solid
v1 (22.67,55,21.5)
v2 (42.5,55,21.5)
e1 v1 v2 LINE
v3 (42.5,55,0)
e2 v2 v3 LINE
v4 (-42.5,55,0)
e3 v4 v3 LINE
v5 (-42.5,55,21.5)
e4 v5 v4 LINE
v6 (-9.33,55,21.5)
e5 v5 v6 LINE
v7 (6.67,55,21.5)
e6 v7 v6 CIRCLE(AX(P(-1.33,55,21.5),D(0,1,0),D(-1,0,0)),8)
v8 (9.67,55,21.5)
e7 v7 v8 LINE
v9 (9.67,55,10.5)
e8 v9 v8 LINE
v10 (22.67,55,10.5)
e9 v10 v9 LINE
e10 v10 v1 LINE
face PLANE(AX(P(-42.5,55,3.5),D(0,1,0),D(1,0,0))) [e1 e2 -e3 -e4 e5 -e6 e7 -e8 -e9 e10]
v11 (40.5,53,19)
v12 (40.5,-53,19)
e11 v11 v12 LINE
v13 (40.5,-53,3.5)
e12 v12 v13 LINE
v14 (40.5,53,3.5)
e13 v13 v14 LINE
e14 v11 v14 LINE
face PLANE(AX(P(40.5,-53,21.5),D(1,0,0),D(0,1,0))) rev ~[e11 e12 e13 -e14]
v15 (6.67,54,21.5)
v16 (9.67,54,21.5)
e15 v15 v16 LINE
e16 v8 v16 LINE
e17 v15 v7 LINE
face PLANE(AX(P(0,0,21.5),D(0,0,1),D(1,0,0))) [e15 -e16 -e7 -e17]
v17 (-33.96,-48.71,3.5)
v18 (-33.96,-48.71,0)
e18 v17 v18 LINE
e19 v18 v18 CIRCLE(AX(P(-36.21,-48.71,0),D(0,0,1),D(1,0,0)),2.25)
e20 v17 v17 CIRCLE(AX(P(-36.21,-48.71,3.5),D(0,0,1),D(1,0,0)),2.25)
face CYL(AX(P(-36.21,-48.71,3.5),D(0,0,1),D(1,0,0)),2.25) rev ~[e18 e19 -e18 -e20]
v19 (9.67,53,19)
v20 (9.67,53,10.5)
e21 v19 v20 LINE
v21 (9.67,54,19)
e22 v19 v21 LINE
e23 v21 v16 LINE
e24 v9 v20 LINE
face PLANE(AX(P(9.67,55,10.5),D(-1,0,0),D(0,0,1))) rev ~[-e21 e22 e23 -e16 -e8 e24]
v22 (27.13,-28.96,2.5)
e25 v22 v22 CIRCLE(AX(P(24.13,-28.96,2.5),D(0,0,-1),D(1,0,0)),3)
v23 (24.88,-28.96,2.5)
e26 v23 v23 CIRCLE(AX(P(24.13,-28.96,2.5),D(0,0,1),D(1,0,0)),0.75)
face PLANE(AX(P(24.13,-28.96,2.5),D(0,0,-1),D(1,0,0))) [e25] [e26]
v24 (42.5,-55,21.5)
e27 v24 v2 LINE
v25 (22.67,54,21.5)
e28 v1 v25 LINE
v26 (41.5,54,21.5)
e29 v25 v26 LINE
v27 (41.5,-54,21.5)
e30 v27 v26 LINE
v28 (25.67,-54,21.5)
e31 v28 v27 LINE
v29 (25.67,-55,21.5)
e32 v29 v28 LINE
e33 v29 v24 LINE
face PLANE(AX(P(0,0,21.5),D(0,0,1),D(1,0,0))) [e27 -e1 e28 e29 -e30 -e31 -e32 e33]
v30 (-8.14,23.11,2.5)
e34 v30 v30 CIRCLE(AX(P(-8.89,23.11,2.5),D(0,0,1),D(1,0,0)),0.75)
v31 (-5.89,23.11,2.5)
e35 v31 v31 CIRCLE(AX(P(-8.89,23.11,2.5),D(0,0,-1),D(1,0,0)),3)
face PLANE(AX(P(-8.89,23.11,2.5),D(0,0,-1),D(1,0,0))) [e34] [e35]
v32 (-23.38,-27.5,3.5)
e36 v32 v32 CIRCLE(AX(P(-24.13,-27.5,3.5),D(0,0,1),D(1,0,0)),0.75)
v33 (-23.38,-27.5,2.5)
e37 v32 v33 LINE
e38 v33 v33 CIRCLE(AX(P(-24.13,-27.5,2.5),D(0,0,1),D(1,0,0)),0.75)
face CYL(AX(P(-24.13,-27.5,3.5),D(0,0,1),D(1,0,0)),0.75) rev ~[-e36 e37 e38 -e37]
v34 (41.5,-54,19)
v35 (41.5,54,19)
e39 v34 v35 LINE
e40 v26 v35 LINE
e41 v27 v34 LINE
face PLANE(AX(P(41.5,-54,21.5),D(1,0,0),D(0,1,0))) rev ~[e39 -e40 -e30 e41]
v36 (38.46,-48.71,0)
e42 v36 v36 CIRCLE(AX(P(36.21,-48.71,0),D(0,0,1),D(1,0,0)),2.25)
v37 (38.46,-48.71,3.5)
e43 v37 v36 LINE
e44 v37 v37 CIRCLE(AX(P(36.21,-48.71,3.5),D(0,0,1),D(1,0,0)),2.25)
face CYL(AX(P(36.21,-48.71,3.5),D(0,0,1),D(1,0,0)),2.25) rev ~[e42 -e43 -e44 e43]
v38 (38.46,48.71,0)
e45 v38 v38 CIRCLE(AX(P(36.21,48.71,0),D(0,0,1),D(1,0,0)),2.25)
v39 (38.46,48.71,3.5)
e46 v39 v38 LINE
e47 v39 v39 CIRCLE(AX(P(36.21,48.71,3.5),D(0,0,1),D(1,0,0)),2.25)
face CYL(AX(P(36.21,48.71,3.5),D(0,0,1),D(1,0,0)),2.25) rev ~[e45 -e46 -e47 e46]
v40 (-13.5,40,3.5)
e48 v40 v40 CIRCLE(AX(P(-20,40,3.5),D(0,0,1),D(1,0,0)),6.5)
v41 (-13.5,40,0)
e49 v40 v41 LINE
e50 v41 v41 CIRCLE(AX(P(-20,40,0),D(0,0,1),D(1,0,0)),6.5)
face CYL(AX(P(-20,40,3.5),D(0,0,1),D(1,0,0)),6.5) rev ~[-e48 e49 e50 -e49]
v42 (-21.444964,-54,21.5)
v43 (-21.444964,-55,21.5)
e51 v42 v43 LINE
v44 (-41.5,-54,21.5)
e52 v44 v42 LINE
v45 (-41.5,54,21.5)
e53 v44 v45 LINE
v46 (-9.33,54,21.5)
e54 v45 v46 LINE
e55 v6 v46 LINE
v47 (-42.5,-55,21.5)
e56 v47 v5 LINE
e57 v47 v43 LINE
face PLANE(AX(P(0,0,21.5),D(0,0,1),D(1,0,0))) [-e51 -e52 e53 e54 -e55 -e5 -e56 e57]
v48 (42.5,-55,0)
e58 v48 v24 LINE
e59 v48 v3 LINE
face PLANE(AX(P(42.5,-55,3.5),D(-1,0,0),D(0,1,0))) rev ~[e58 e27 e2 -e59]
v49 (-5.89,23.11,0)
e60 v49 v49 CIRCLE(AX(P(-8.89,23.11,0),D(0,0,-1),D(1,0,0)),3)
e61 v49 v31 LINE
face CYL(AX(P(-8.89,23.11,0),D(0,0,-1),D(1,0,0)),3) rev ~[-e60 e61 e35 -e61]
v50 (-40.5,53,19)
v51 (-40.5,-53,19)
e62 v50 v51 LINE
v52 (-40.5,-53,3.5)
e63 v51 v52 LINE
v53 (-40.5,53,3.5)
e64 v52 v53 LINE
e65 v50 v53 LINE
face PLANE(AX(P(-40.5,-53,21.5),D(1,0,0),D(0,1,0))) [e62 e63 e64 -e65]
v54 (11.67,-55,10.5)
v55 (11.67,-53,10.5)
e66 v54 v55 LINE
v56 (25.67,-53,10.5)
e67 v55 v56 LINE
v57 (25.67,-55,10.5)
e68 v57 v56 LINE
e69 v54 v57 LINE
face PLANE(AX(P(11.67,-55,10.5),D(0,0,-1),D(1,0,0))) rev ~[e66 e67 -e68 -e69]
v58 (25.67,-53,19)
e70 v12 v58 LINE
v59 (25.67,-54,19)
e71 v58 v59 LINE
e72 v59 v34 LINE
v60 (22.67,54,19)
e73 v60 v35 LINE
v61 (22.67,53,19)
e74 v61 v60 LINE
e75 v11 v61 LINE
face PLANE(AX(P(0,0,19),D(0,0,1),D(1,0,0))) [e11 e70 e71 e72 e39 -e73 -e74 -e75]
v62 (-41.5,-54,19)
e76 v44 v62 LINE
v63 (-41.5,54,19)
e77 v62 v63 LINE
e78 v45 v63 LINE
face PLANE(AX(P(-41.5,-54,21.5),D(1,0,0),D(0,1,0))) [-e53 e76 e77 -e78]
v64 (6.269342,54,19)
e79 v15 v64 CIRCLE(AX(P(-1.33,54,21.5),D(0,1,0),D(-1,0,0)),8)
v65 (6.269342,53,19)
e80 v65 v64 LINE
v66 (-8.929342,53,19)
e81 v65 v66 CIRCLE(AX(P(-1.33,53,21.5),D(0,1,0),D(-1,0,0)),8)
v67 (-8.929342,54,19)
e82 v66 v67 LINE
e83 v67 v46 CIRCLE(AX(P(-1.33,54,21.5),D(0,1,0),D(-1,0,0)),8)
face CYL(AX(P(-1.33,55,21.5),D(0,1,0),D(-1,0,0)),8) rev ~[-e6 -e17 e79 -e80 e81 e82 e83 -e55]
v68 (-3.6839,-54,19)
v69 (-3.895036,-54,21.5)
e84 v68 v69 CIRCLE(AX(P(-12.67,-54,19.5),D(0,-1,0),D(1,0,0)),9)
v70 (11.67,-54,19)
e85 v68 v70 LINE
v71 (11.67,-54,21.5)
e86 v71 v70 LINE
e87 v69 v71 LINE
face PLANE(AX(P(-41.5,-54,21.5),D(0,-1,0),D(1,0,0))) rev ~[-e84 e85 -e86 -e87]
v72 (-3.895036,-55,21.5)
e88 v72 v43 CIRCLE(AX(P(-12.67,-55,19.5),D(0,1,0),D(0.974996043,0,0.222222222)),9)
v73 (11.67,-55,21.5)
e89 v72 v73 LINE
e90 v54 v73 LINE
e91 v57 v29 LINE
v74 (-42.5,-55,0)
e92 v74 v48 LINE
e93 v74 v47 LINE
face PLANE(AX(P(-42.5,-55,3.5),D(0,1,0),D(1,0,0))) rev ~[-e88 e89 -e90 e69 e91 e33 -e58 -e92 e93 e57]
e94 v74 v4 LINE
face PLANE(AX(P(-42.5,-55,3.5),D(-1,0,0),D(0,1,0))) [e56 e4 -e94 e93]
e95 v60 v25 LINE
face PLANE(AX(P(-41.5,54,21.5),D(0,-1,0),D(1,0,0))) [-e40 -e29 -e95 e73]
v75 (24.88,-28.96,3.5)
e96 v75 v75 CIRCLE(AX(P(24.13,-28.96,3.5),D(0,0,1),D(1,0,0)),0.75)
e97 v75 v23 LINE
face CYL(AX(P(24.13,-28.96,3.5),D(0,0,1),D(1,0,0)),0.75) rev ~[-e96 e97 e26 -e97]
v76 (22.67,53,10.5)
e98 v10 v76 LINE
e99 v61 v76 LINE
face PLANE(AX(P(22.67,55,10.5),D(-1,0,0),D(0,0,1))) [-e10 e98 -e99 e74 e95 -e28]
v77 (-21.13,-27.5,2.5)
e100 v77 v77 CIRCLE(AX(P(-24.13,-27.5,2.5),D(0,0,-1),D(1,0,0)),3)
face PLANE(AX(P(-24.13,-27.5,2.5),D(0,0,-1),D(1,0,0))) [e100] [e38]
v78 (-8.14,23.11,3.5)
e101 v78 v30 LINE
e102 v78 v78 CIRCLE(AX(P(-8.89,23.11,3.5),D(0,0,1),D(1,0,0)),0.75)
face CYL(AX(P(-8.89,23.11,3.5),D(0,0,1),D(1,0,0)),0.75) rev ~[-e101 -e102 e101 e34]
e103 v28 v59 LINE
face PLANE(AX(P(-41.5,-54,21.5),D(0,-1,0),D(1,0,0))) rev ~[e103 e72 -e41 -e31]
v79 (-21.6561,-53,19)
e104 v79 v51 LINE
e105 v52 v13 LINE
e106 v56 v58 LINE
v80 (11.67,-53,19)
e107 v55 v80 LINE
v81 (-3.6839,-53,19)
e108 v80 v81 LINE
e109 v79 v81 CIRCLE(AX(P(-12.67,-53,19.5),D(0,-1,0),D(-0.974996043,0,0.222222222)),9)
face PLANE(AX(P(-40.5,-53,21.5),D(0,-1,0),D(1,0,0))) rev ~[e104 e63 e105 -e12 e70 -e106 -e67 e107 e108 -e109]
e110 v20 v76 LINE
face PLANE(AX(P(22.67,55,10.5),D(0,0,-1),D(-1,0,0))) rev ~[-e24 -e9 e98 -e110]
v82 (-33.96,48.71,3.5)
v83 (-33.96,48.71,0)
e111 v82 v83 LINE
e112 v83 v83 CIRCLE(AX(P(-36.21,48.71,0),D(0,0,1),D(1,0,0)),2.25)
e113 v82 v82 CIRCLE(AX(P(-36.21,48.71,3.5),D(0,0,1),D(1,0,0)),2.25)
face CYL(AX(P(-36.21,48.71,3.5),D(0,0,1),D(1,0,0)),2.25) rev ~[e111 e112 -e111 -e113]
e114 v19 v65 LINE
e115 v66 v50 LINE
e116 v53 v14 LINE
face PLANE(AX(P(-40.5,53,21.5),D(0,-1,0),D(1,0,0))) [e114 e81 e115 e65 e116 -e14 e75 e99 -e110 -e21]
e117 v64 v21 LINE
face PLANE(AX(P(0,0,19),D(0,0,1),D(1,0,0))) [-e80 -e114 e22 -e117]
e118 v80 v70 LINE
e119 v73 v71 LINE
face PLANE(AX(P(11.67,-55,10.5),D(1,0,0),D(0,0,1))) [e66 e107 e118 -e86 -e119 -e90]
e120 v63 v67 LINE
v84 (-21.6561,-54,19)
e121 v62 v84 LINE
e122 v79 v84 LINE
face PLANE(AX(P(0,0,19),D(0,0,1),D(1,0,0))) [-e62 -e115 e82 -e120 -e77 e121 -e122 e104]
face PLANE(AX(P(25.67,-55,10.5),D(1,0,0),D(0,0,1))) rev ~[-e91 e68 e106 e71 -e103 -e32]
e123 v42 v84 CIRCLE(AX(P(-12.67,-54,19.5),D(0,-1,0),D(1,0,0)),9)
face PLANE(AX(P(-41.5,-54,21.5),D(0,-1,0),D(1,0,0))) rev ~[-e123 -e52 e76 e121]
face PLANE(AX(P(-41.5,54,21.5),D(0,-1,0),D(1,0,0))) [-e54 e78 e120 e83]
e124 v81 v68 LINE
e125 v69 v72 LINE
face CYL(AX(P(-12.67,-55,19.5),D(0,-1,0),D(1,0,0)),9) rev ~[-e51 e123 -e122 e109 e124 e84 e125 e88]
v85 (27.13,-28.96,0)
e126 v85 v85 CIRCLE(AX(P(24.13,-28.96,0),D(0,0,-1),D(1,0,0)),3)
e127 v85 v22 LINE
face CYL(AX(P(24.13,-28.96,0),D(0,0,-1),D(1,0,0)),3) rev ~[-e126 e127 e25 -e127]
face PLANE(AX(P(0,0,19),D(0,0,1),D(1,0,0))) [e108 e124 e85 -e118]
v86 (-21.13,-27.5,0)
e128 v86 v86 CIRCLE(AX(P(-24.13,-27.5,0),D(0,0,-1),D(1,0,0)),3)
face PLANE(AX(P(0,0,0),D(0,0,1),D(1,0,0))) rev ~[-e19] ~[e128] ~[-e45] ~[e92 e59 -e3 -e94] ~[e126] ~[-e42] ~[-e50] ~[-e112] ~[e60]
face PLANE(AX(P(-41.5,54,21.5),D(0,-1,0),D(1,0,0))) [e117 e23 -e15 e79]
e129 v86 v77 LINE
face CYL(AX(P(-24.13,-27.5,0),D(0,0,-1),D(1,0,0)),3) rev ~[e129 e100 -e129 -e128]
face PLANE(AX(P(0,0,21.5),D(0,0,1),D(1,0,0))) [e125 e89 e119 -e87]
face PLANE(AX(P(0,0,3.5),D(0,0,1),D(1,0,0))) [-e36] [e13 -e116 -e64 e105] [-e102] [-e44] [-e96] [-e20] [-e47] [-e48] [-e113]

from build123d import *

# Parameters (mm, degrees)
SKETCH_W        = 85
SKETCH_H        = 110
PAD_DEPTH       = 3.5
SKETCH001_R     = 0.75
POCKET_DEPTH    = 9
SKETCH002_R     = 3
POCKET001_DEPTH = 2.5
SKETCH003_W     = 85
SKETCH003_H     = 110
PAD001_DEPTH    = 18
SKETCH004_W     = 81
SKETCH004_H     = 106
POCKET002_DEPTH = 18
SKETCH005_R     = 9
SKETCH005_R_2   = 8
SKETCH005_W     = 14
SKETCH005_H     = 11
SKETCH005_W_2   = 12
SKETCH005_H_2   = 10
POCKET003_DEPTH = 5
SKETCH006_W     = 81
SKETCH006_H     = 106
POCKET004_DEPTH = 18
SKETCH007_R     = 8
SKETCH007_W     = 13
SKETCH007_H     = 11
POCKET005_DEPTH = 5
SKETCH008_R     = 2.25
POCKET006_DEPTH = 5
SKETCH009_W     = 83
SKETCH009_H     = 108
POCKET007_DEPTH = 2.5
SKETCH010_R     = 6.5
POCKET008_DEPTH = 5


with BuildPart() as part:
    # Sketch → Pad (new body)
    with BuildSketch(Plane.XY):
        Rectangle(SKETCH_W, SKETCH_H)
    extrude(amount=PAD_DEPTH)

    # Sketch001 (on Face6 of Pad) → Pocket (cut)
    with BuildSketch(Plane.XY.offset(3.5)):
        with Locations((-24.13, -27.5)):
            Circle(SKETCH001_R)
        with Locations((24.13, -28.96)):
            Circle(SKETCH001_R)
        with Locations((-8.89, 23.11)):
            Circle(SKETCH001_R)
    extrude(amount=-POCKET_DEPTH, mode=Mode.SUBTRACT)

    # Sketch002 (on Face4 of Pocket) → Pocket001 (cut)
    with BuildSketch(Plane(origin=(0, 0, 0), x_dir=(1, 0, 0), z_dir=(0, 0, -1))):
        with Locations((-8.89, -23.11)):
            Circle(SKETCH002_R)
        with Locations((-24.13, 27.5)):
            Circle(SKETCH002_R)
        with Locations((24.13, 28.96)):
            Circle(SKETCH002_R)
    extrude(amount=-POCKET001_DEPTH, mode=Mode.SUBTRACT)

    # Sketch003 (on Face5 of Pocket001) → Pad001 (join)
    with BuildSketch(Plane.XY.offset(3.5)):
        Rectangle(SKETCH003_W, SKETCH003_H)
    extrude(amount=PAD001_DEPTH)

    # Sketch004 (on Face12 of Pad001) → Pocket002 (cut)
    with BuildSketch(Plane.XY.offset(21.5)):
        Rectangle(SKETCH004_W, SKETCH004_H)
    extrude(amount=-POCKET002_DEPTH, mode=Mode.SUBTRACT)

    # Sketch005 (on Face13 of Pocket002) → Pocket003 (cut)
    with BuildSketch(Plane.XZ.offset(55)):
        with Locations((-12.67, 19.5)):
            Circle(SKETCH005_R)
        with Locations((10.303566, 33.5)):
            Circle(SKETCH005_R_2)
        with Locations((18.67, 16)):
            Rectangle(SKETCH005_W, SKETCH005_H)
        with Locations((21.67, 28.5)):
            Rectangle(SKETCH005_W_2, SKETCH005_H_2)
    extrude(amount=-POCKET003_DEPTH, mode=Mode.SUBTRACT)

    # Sketch006 (on Face12 of Pocket003) → Pocket004 (cut)
    with BuildSketch(Plane.XY.offset(21.5)):
        Rectangle(SKETCH006_W, SKETCH006_H)
    extrude(amount=-POCKET004_DEPTH, mode=Mode.SUBTRACT)

    # Sketch007 (on Face5 of Pocket004) → Pocket005 (cut)
    with BuildSketch(Plane(origin=(0, 55, 0), x_dir=(-1, 0, 0), z_dir=(0, 1, 0))):
        with Locations((1.33, 21.5)):
            Circle(SKETCH007_R)
        with Locations((-16.17, 16)):
            Rectangle(SKETCH007_W, SKETCH007_H)
    extrude(amount=-POCKET005_DEPTH, mode=Mode.SUBTRACT)

    # Sketch008 (on Face36 of Pocket005) → Pocket006 (cut)
    with BuildSketch(Plane.XY.offset(3.5)):
        with Locations((-36.21, 48.71)):
            Circle(SKETCH008_R)
        with Locations((36.21, 48.71)):
            Circle(SKETCH008_R)
        with Locations((-36.21, -48.71)):
            Circle(SKETCH008_R)
        with Locations((36.21, -48.71)):
            Circle(SKETCH008_R)
    extrude(amount=-POCKET006_DEPTH, mode=Mode.SUBTRACT)

    # Sketch009 (on Face22 of Pocket006) → Pocket007 (cut)
    with BuildSketch(Plane.XY.offset(21.5)):
        Rectangle(SKETCH009_W, SKETCH009_H)
    extrude(amount=-POCKET007_DEPTH, mode=Mode.SUBTRACT)

    # Sketch010 (on Face24 of Pocket007) → Pocket008 (cut)
    with BuildSketch(Plane.XY.offset(3.5)):
        with Locations((-20, 40)):
            Circle(SKETCH010_R)
    extrude(amount=-POCKET008_DEPTH, mode=Mode.SUBTRACT)


solid = part.part
